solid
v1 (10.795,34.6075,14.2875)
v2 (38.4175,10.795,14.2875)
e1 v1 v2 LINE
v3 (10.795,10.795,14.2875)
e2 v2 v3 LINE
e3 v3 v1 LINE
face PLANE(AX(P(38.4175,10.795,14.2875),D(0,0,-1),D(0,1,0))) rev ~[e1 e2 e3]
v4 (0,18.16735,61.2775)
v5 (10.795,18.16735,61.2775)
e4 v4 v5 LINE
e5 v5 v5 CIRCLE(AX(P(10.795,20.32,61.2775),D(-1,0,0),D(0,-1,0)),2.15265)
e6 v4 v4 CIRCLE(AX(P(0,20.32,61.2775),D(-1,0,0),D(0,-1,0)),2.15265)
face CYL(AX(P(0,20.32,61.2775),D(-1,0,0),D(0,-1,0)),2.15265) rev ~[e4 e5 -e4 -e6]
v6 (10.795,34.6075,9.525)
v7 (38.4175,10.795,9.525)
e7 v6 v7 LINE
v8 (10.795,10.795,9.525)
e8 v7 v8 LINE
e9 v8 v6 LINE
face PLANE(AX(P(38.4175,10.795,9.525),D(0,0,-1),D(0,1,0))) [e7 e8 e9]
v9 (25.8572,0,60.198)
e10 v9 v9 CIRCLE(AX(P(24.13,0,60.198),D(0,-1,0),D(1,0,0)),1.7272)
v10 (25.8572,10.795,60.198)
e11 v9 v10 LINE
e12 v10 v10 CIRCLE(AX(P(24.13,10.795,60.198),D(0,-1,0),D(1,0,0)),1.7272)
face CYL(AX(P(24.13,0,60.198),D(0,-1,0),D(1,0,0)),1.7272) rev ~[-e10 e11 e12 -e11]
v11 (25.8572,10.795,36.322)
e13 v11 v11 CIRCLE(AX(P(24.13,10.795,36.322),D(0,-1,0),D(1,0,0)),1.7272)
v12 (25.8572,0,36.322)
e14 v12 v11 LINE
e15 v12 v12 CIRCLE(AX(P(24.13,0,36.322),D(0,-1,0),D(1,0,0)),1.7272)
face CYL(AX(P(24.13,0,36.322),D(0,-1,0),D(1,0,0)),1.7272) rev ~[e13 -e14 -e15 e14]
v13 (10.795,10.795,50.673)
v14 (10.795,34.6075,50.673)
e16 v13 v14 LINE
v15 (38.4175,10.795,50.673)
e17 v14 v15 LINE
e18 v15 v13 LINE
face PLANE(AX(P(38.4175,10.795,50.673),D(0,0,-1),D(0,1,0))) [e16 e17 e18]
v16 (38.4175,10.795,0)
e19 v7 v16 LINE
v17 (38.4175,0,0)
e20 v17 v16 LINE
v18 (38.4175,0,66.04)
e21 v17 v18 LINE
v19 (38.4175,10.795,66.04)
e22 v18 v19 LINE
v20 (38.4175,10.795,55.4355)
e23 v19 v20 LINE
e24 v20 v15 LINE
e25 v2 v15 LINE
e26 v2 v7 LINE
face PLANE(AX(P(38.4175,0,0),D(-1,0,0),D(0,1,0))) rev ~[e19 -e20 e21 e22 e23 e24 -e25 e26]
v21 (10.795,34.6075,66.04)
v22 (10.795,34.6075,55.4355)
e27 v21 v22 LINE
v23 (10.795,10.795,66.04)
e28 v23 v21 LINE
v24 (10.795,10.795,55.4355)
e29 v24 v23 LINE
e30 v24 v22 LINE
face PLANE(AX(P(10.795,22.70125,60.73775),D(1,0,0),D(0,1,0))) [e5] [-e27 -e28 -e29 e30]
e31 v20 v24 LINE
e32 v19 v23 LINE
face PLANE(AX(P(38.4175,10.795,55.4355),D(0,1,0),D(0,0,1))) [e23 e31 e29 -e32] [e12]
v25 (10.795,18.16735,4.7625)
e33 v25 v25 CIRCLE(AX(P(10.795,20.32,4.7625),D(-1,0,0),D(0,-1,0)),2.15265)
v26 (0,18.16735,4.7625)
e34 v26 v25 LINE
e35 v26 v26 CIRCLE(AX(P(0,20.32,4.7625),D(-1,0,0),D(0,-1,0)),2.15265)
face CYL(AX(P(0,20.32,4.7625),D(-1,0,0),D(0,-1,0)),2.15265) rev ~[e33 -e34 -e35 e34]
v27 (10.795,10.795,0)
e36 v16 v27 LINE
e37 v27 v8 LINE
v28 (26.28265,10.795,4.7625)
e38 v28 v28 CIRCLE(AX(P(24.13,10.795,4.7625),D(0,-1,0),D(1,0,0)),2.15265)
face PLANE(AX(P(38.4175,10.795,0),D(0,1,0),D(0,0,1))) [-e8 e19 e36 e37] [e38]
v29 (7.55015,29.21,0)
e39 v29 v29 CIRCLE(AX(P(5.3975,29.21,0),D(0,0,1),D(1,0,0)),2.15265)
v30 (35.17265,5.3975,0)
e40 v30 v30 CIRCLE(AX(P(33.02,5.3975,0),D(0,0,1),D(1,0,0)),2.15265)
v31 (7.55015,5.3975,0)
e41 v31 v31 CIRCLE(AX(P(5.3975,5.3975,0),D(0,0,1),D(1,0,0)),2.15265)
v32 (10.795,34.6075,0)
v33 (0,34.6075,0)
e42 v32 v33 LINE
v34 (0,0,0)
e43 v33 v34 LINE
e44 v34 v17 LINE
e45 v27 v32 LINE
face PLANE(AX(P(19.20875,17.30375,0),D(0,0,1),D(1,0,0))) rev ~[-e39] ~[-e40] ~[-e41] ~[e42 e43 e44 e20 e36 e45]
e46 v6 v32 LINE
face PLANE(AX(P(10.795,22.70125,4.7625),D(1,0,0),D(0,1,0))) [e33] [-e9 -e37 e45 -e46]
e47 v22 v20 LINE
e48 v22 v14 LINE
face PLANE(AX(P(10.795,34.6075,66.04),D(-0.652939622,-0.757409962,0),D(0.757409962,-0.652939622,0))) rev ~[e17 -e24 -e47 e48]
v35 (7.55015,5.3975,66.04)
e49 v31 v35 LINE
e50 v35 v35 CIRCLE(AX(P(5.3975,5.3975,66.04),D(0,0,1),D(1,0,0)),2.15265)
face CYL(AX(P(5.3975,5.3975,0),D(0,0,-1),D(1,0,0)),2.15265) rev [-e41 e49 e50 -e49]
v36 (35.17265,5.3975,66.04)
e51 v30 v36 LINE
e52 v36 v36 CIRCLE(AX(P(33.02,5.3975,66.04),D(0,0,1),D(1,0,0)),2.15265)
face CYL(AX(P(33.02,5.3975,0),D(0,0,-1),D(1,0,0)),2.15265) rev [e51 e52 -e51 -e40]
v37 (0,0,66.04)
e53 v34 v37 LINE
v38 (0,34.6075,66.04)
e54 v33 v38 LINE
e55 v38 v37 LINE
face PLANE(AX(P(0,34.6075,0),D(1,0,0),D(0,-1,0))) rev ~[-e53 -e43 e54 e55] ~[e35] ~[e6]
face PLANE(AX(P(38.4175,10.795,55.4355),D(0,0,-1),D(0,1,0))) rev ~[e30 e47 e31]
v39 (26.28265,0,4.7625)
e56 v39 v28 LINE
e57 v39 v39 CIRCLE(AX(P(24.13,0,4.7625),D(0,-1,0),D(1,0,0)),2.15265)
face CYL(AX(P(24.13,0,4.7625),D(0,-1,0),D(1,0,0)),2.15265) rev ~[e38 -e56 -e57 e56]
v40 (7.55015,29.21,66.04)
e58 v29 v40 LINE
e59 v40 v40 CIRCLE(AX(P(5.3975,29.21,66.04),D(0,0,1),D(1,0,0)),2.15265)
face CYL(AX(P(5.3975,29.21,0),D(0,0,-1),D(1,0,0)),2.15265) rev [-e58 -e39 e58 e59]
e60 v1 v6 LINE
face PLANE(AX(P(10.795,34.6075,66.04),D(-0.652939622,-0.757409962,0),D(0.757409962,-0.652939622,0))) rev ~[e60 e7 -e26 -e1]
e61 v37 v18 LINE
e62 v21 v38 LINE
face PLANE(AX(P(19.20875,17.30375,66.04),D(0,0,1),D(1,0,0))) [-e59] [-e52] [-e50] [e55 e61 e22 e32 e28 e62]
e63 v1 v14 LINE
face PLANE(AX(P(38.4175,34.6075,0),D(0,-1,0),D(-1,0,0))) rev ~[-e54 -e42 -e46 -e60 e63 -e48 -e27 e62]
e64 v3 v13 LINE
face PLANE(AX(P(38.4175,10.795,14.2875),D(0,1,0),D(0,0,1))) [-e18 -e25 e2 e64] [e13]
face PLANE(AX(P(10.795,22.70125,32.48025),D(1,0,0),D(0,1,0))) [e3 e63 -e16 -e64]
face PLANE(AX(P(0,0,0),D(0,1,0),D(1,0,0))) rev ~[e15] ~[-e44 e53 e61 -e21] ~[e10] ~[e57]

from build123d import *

# Parameters (mm, degrees)
F0_R      = 2.15265
F1_DEPTH  = 66.04
F2_R      = 1.7272
F2_R_2    = 2.15265
F3_DEPTH  = 34.6075
F4_R      = 2.15265
F5_DEPTH  = 38.4175
F7_DEPTH  = 66.04
F9_W      = 23.8125
F9_H      = 9.525
F9_H_2    = 36.3855
F9_H_3    = 10.6045
F10_DEPTH = 27.6225


with BuildPart() as f1:
    # F0 (on Top) → F1 (new body)
    with BuildSketch(Plane.XY):
        Polygon((0, 34.6075), (0, 0), (38.4175, 0), (38.4175, 10.795), (38.4175, 34.6075), (10.795, 34.6075), align=None)
        with Locations((5.3975, 5.3975)):
            Circle(F0_R, mode=Mode.SUBTRACT)
        with Locations((33.02, 5.3975)):
            Circle(F0_R, mode=Mode.SUBTRACT)
        with Locations((5.3975, 29.21)):
            Circle(F0_R, mode=Mode.SUBTRACT)
    extrude(amount=F1_DEPTH)

    # F2 (on face) → F3 (cut, through all)
    with BuildSketch(Plane.XZ):
        with Locations((24.13, 60.198)):
            Circle(F2_R)
        with Locations((24.13, 36.322)):
            Circle(F2_R)
        with Locations((24.13, 4.7625)):
            Circle(F2_R_2)
    extrude(amount=-F3_DEPTH, mode=Mode.SUBTRACT)

    # F4 (on face) → F5 (cut, through all)
    with BuildSketch(Plane(origin=(0, 0, 0), x_dir=(0, -1, 0), z_dir=(-1, 0, 0))):
        with Locations((-20.32, 61.2775)):
            Circle(F4_R)
        with Locations((-20.32, 4.7625)):
            Circle(F4_R)
    extrude(amount=-F5_DEPTH, mode=Mode.SUBTRACT)

    # F6 (on face) → F7 (cut, through all)
    with BuildSketch(Plane.XY.offset(66.04)):
        Polygon((38.4175, 10.795), (38.4175, 34.6075), (10.795, 34.6075), align=None)
    extrude(amount=-F7_DEPTH, mode=Mode.SUBTRACT)

    # F9 (on face) → F10 (cut, through all)
    with BuildSketch(Plane.YZ.offset(38.4175)):
        with Locations((22.70125, 4.7625)):
            Rectangle(F9_W, F9_H)
        with Locations((22.70125, 32.48025)):
            Rectangle(F9_W, F9_H_2)
        with Locations((22.70125, 60.73775)):
            Rectangle(F9_W, F9_H_3)
    extrude(amount=-F10_DEPTH, mode=Mode.SUBTRACT)


solid = f1.part
